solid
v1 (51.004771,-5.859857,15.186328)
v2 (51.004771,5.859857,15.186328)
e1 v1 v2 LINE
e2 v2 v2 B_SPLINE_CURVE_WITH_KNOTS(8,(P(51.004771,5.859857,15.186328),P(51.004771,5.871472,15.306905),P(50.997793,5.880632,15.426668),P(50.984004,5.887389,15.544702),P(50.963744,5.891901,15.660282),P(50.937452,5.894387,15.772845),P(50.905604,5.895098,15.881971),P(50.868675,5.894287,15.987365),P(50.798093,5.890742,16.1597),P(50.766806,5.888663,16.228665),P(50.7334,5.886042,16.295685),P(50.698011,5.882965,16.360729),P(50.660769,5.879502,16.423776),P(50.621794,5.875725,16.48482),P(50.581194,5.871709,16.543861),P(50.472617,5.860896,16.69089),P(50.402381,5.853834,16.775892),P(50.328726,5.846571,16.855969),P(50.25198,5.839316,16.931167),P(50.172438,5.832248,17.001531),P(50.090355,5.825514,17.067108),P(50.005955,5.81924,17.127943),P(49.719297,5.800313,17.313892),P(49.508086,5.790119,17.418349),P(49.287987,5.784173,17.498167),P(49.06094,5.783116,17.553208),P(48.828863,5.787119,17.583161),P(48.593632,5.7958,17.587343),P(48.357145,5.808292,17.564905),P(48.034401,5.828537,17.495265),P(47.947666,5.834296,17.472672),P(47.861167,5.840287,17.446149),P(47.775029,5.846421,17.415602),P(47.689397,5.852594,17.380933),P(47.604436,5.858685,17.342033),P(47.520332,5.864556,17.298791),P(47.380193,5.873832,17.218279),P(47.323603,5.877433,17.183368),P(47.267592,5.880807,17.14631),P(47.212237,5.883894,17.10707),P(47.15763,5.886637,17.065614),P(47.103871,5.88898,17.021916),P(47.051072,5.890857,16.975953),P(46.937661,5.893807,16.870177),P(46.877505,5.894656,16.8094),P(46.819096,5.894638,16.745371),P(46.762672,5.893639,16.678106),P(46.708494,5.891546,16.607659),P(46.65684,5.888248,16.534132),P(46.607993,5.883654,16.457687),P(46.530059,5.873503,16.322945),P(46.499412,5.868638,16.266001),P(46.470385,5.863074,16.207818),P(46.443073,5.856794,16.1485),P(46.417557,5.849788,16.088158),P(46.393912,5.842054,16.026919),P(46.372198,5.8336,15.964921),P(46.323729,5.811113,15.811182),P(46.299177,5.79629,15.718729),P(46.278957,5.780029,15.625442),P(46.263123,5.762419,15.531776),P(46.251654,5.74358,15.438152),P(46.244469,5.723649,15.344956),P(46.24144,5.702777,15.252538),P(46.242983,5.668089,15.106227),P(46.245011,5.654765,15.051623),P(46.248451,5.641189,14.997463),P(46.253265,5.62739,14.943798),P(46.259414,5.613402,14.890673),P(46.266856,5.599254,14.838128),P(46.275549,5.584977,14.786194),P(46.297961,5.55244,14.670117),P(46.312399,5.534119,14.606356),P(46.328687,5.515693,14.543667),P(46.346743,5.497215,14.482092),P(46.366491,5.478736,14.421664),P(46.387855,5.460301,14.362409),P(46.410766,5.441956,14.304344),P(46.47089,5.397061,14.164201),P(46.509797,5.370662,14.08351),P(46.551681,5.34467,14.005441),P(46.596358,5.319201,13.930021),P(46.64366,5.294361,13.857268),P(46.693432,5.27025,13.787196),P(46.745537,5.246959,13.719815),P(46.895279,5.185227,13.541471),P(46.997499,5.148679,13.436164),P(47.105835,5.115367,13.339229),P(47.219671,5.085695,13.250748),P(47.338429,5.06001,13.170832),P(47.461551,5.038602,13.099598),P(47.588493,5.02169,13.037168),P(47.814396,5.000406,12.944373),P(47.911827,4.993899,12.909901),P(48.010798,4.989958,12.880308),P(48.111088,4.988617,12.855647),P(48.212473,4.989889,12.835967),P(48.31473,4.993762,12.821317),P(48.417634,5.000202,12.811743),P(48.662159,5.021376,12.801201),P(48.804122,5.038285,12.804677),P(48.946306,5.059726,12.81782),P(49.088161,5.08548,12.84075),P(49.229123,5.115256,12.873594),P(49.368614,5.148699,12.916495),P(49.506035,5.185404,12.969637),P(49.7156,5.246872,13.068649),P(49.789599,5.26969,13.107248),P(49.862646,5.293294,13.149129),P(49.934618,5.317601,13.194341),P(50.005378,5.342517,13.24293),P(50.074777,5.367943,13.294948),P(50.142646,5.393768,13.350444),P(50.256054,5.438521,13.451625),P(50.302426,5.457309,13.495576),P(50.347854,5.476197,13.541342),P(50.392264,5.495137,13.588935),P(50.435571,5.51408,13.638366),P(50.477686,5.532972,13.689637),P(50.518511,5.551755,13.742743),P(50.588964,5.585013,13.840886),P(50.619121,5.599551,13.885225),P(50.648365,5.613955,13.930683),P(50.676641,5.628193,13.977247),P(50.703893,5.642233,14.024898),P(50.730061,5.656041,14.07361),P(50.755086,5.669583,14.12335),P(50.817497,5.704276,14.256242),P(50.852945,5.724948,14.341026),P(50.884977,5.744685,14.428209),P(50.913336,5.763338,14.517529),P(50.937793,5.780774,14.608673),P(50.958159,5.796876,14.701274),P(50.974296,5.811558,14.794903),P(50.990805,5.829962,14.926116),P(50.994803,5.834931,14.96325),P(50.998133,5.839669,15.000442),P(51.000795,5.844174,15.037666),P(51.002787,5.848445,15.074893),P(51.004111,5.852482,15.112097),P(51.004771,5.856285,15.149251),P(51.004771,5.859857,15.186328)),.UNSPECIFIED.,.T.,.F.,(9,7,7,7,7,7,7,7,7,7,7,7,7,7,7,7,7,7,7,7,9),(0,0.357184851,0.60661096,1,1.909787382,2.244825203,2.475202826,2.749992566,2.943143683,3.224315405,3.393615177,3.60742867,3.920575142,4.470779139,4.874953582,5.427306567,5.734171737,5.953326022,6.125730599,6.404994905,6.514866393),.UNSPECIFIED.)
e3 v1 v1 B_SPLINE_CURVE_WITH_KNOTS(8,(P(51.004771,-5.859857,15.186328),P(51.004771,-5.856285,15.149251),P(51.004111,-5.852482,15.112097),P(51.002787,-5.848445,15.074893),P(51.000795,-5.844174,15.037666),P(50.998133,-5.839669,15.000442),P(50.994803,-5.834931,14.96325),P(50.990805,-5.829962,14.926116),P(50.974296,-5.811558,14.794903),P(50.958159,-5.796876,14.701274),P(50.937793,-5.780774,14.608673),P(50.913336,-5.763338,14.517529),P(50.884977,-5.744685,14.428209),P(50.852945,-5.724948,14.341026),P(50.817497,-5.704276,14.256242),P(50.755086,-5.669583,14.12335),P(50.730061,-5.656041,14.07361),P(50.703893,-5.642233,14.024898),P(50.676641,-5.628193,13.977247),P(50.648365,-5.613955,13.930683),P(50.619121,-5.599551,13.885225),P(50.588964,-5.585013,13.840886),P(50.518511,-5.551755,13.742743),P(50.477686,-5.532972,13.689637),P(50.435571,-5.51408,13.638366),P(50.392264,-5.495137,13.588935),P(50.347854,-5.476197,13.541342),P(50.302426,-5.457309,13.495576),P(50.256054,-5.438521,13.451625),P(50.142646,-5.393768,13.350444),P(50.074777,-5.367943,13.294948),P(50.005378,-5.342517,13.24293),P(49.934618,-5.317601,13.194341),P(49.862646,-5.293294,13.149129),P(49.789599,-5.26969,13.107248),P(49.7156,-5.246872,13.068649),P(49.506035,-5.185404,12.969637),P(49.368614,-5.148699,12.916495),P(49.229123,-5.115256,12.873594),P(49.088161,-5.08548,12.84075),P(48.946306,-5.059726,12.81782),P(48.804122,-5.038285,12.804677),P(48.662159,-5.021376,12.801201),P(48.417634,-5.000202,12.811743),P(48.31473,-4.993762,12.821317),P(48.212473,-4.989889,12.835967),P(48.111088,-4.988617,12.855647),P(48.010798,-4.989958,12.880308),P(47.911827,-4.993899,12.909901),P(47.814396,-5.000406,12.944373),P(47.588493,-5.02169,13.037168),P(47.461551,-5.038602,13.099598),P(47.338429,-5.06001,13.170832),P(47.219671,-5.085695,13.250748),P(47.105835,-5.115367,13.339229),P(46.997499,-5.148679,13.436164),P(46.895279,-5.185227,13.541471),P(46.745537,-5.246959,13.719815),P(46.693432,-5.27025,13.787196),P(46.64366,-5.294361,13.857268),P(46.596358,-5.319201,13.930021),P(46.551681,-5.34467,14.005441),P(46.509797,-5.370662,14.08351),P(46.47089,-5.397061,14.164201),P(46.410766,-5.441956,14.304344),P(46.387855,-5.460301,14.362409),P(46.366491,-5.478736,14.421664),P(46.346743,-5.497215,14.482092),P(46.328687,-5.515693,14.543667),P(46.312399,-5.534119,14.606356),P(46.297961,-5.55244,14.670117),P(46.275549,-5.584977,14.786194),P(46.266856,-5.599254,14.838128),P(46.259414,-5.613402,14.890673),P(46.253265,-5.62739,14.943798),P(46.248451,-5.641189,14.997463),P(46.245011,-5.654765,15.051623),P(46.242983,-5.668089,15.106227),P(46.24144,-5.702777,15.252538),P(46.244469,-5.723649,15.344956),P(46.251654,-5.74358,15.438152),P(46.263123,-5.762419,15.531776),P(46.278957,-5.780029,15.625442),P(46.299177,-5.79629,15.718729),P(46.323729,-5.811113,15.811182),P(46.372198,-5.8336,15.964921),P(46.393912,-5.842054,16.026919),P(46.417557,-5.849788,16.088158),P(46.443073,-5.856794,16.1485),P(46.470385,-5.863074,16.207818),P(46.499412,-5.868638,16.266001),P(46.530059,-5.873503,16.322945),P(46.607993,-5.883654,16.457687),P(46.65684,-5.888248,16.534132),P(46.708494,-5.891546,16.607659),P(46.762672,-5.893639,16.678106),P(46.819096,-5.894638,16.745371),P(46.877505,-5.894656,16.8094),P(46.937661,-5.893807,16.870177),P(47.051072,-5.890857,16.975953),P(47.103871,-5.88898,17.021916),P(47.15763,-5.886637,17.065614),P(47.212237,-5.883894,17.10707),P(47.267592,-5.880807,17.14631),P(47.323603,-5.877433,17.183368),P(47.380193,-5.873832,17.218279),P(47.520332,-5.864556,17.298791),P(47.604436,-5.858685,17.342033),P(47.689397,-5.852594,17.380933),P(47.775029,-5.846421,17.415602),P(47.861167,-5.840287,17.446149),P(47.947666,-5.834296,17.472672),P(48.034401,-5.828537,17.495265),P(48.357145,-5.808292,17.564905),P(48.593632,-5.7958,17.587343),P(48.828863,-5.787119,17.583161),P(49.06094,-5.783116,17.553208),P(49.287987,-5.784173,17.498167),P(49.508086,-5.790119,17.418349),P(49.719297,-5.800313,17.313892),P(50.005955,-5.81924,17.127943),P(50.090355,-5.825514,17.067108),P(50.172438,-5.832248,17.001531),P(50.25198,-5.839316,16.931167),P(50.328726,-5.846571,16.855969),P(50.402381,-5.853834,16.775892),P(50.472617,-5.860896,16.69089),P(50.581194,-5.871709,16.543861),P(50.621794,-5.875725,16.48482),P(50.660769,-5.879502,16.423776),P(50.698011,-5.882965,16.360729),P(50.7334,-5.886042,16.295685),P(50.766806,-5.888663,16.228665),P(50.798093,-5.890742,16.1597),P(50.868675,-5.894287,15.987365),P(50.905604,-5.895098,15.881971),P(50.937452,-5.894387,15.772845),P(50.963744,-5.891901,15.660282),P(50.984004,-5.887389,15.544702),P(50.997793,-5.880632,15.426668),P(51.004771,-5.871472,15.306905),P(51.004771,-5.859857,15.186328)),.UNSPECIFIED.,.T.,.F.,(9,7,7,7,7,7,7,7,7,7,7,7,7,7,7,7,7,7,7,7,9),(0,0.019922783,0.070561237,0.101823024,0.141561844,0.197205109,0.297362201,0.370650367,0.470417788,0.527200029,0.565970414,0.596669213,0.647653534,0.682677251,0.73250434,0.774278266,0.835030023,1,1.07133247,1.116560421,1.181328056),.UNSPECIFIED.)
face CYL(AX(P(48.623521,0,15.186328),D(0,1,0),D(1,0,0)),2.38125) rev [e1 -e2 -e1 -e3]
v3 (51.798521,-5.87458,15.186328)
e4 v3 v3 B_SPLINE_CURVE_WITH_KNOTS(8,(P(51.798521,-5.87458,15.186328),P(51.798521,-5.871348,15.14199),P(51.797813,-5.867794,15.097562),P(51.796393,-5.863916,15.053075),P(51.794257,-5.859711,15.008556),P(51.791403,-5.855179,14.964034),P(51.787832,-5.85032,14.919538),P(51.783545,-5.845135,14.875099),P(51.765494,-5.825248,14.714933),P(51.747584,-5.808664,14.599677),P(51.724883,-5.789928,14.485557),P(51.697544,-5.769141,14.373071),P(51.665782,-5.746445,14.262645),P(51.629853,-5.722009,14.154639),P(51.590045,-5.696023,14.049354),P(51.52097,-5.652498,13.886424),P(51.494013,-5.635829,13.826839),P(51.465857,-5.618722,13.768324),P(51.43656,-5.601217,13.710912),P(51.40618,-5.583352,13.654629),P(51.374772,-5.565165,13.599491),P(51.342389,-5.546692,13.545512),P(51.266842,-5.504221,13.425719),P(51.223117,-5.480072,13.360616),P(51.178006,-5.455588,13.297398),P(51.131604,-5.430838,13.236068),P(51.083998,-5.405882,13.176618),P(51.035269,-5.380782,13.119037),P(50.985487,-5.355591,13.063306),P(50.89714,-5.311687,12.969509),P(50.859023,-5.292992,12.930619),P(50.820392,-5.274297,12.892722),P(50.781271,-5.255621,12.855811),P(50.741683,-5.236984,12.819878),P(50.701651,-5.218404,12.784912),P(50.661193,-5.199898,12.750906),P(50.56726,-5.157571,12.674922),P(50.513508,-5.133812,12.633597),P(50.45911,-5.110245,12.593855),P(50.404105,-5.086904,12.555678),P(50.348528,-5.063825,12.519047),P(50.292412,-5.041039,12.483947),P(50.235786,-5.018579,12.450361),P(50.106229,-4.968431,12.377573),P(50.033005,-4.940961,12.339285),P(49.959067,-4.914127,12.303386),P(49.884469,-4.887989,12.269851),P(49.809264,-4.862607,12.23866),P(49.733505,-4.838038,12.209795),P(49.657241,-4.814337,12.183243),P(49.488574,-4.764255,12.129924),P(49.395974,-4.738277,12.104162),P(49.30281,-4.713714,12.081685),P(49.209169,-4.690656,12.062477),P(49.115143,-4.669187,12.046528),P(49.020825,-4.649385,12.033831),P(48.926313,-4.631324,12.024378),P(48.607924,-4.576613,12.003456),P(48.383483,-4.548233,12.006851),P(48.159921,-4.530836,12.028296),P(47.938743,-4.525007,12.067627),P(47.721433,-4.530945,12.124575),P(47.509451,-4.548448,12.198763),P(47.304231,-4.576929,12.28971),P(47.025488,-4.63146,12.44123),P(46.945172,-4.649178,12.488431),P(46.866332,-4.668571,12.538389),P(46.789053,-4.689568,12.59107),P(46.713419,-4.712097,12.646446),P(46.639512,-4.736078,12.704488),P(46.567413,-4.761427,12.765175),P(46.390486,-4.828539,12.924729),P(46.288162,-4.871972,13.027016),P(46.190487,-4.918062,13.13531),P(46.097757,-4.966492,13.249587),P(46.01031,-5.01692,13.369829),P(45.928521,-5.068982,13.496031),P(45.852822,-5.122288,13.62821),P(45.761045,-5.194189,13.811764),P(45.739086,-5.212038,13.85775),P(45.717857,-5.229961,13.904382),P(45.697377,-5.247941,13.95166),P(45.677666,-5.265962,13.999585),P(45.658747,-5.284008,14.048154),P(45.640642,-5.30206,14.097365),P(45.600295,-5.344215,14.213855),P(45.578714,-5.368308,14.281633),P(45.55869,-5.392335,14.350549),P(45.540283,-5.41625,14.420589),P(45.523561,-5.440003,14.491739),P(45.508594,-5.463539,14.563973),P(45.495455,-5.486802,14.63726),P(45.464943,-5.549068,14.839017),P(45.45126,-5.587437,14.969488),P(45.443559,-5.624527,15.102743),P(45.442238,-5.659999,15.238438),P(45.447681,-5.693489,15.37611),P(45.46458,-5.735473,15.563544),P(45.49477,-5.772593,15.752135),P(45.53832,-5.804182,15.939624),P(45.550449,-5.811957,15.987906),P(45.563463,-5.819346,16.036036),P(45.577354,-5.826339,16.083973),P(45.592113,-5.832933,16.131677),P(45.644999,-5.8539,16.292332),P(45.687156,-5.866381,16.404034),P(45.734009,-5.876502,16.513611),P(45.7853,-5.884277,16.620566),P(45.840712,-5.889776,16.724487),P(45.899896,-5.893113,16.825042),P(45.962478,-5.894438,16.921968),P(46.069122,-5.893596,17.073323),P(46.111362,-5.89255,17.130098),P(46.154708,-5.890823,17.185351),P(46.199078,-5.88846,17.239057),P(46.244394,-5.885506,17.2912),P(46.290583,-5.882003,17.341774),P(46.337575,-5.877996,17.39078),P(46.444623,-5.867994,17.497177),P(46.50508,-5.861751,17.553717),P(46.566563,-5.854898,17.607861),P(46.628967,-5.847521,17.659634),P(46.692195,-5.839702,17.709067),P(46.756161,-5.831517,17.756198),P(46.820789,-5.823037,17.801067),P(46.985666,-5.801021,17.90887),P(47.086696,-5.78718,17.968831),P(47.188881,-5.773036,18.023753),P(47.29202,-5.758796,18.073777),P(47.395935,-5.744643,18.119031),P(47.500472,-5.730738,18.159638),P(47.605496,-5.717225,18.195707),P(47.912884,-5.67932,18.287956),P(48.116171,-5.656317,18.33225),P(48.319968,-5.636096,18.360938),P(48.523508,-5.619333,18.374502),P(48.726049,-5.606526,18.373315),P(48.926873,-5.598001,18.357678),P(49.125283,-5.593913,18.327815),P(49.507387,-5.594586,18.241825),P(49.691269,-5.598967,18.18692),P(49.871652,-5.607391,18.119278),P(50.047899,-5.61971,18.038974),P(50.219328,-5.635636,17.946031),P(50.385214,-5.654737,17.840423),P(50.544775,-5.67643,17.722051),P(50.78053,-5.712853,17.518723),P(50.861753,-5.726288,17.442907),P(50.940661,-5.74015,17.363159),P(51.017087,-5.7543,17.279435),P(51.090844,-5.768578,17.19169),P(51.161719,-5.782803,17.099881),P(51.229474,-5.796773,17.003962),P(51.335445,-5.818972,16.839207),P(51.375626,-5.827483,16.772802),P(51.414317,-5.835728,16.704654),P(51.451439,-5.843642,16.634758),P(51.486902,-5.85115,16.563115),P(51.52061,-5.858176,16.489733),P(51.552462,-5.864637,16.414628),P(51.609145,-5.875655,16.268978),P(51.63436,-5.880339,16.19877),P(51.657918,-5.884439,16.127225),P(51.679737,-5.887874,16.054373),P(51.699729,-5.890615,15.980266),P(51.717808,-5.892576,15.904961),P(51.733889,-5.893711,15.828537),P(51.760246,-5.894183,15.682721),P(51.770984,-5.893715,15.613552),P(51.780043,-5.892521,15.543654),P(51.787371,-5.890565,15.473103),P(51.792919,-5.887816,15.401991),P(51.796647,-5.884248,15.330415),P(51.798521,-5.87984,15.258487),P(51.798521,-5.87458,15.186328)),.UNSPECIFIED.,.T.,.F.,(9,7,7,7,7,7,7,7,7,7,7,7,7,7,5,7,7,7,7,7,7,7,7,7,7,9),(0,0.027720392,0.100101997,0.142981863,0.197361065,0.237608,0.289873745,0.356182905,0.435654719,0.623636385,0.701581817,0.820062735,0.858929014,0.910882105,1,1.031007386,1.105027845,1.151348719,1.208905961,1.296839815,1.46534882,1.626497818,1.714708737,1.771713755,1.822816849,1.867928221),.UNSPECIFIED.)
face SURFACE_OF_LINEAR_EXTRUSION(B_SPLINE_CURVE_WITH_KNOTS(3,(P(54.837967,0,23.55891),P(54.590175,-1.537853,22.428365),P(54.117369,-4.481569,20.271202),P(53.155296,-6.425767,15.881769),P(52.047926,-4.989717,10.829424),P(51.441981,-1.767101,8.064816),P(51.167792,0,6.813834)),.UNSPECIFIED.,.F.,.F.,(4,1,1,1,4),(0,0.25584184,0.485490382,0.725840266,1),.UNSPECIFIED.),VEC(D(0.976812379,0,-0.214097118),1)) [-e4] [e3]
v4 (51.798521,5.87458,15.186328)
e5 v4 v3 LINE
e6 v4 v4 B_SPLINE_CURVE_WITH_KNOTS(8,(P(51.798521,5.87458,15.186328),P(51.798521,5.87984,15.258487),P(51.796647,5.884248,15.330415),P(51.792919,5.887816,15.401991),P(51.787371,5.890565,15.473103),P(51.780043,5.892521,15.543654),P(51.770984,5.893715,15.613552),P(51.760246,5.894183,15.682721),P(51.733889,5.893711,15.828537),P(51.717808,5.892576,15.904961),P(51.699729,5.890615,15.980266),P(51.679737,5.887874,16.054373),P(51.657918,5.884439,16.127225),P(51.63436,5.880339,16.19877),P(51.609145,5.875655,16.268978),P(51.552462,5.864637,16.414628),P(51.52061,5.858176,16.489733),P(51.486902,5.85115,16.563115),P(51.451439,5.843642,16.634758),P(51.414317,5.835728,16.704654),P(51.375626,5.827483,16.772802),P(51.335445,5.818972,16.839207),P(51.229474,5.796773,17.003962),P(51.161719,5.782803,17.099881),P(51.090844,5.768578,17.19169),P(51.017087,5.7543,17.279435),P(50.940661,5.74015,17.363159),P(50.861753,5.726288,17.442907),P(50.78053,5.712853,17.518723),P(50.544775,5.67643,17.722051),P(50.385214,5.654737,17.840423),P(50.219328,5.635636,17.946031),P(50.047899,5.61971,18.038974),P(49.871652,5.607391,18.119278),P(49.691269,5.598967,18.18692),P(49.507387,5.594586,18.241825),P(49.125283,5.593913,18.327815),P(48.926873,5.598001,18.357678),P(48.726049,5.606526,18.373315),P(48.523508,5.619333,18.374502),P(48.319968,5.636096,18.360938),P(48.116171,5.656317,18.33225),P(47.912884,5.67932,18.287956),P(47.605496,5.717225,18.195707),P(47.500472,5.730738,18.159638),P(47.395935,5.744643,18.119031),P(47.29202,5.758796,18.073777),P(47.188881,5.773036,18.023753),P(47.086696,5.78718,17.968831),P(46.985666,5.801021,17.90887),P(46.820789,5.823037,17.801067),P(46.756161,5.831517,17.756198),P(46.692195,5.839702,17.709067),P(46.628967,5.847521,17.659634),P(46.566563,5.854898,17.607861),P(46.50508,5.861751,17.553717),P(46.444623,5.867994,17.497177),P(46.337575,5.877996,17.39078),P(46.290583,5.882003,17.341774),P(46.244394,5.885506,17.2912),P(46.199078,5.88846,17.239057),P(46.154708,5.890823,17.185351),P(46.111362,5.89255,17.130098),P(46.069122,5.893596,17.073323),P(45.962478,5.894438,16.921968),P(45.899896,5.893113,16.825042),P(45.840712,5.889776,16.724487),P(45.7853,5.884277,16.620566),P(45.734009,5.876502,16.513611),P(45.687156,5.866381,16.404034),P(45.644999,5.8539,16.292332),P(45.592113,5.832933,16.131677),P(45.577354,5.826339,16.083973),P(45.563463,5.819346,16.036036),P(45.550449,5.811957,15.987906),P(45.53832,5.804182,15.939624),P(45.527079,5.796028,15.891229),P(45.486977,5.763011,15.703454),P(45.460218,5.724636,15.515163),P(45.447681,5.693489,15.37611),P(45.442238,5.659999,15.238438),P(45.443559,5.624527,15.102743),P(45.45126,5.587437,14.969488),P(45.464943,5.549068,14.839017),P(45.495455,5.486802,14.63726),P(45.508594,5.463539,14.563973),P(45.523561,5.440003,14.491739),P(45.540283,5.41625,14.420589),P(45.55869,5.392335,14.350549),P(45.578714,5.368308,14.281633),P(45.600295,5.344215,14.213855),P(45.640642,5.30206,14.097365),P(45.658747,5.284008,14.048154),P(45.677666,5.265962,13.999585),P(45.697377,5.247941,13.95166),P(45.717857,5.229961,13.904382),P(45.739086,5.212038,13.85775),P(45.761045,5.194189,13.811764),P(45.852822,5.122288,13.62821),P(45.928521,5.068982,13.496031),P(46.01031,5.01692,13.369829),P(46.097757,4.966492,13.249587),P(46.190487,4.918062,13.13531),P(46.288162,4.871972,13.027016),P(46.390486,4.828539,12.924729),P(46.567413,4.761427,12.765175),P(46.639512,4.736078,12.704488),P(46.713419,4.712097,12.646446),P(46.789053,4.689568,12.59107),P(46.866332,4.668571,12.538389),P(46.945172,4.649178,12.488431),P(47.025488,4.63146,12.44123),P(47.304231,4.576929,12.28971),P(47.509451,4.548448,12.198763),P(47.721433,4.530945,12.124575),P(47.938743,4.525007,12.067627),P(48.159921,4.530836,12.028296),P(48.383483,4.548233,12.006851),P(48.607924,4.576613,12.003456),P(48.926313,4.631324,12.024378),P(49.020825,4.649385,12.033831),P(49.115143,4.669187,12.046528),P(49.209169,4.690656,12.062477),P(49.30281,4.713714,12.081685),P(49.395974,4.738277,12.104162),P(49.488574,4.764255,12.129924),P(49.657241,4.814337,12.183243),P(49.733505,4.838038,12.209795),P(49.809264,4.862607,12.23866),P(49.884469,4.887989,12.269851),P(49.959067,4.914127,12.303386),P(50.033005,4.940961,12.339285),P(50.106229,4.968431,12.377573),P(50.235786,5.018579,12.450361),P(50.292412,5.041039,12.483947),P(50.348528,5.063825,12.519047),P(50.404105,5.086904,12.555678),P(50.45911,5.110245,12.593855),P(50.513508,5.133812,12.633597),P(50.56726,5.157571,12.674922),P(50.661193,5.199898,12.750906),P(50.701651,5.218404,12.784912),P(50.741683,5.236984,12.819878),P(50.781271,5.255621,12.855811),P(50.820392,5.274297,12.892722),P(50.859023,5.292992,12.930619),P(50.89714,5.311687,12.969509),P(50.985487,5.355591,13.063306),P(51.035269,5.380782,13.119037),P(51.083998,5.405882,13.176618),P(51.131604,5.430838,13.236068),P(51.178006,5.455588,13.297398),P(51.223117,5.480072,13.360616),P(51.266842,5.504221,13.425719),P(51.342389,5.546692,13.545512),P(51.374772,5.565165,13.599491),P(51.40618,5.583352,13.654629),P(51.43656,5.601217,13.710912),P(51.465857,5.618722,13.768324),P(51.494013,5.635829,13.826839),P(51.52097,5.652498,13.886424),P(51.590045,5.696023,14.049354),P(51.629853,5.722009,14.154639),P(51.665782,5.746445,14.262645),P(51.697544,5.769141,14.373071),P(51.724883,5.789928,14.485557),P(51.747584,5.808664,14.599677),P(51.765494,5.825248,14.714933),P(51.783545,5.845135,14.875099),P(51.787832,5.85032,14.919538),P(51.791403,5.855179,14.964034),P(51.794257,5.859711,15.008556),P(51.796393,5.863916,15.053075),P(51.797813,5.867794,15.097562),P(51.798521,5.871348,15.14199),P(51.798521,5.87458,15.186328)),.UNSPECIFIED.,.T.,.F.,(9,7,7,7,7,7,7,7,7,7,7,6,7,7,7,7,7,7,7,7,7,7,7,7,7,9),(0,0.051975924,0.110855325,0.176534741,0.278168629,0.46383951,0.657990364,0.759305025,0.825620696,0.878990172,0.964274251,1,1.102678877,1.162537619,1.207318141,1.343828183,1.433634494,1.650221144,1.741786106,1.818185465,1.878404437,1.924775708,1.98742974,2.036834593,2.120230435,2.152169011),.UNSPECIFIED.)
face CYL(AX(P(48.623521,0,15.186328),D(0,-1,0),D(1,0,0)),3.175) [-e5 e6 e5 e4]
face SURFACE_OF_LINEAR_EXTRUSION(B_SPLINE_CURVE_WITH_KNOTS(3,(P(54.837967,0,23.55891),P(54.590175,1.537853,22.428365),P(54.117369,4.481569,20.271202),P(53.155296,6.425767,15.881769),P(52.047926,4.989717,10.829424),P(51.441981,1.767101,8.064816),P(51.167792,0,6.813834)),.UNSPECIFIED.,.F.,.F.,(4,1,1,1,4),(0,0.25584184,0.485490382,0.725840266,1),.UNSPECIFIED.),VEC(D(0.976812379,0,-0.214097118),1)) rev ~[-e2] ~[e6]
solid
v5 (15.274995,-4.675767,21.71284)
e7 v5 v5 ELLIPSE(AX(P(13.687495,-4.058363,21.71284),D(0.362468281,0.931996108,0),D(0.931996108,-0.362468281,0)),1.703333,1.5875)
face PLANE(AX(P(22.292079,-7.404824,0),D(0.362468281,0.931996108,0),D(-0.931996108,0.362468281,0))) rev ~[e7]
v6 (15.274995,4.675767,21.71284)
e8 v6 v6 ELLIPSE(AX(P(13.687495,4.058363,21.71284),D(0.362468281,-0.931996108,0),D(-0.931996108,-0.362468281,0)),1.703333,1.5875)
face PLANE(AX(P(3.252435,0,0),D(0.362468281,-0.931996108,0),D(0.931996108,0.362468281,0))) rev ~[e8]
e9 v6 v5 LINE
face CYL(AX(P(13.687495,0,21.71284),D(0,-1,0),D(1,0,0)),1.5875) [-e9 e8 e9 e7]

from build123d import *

# Parameters (mm, degrees)
F0_R     = 3.175
F0_R_2   = 2.38125
F1_DEPTH = 6.35
F0_R_3   = 1.5875
F4_DEPTH = 63.5
F6_DEPTH = 38.1


with BuildPart() as f1:
    # F0 (on Front) → F1 (new body, symmetric)
    with BuildSketch(Plane.XZ):
        with Locations((48.6235208809, 15.1863284409)):
            Circle(F0_R)
        with Locations((48.6235208809, 15.1863284409)):
            Circle(F0_R_2, mode=Mode.SUBTRACT)
    extrude(amount=F1_DEPTH, both=True)


with BuildPart() as f1b:
    # F0 (on Front) → F1, piece 2 (new body, symmetric)
    with BuildSketch(Plane.XZ):
        with Locations((13.6874951422, 21.7128396034)):
            Circle(F0_R_3)
    extrude(amount=F1_DEPTH, both=True)


with BuildPart() as f4_tool:
    # F3 (on face) → F4 (new body, symmetric)
    with BuildSketch(Plane(origin=(47.3973885527, 0, -10.3885295862), x_dir=(0, -1, 0), z_dir=(-0.9768123791, 0, 0.2140971182))):
        with BuildLine():
            add(Edge.make_bspline(
                [(0, 34.7532853484), (1.5378532055, 33.5959036458), (4.4815687566, 31.3875342093), (6.4257674751, 26.8939046891), (4.9897171526, 21.721626127), (1.7671005847, 18.8913922435), (0, 17.6107138395)],
                knots=[0, 0, 0, 0, 0.2558418404, 0.4854903825, 0.725840266, 1, 1, 1, 1], degree=3))
            Line((0, 17.6107138395), (0, 16.6775155813))
            Line((0, 16.6775155813), (13.2649885491, 16.6775155813))
            Line((13.2649885491, 16.6775155813), (13.2649885491, 37.0723327391))
            Line((13.2649885491, 37.0723327391), (0, 37.0723327391))
            Line((0, 37.0723327391), (0, 34.7532853484))
        make_face()
        with BuildLine():
            Line((0, 16.6775155813), (0, 17.6107138395))
            add(Edge.make_bspline(
                [(0, 34.7532853484), (-1.5378532055, 33.5959036458), (-4.4815687566, 31.3875342093), (-6.4257674751, 26.8939046891), (-4.9897171526, 21.721626127), (-1.7671005847, 18.8913922435), (0, 17.6107138395)],
                knots=[0, 0, 0, 0, 0.2558418404, 0.4854903825, 0.725840266, 1, 1, 1, 1], degree=3))
            Line((0, 34.7532853484), (0, 37.0723327391))
            Line((0, 37.0723327391), (-13.2649885491, 37.0723327391))
            Line((-13.2649885491, 37.0723327391), (-13.2649885491, 16.6775155813))
            Line((-13.2649885491, 16.6775155813), (-13.2639063522, 16.6775155813))
            Line((-13.2639063522, 16.6775155813), (0, 16.6775155813))
        make_face()
    extrude(amount=F4_DEPTH, both=True)


with BuildPart() as f1_1:
    add(f1.part)

    # F4: cut by f4_tool
    add(f4_tool.part, mode=Mode.SUBTRACT)


with BuildPart() as f1b_1:
    add(f1b.part)

    # F4: cut by f4_tool
    add(f4_tool.part, mode=Mode.SUBTRACT)

    # F5 (on Top) → F6 (cut, symmetric)
    with BuildSketch(Plane.XY):
        Polygon((22.2920793171, -7.4048238039), (3.2524354756, 0), (0, 0), (0, -11.8425413966), (16.7136751115, -11.8425413966), (22.3890412599, -11.8425413966), align=None)
        Polygon((0, 0), (3.2524354756, 0), (21.9712223362, 7.280037362), (21.9004824758, 10.5176325887), (16.7136751115, 10.5176325887), (0, 10.5176325887), align=None)
    extrude(amount=F6_DEPTH, both=True, mode=Mode.SUBTRACT)


solid = Compound([f1_1.part, f1b_1.part])
